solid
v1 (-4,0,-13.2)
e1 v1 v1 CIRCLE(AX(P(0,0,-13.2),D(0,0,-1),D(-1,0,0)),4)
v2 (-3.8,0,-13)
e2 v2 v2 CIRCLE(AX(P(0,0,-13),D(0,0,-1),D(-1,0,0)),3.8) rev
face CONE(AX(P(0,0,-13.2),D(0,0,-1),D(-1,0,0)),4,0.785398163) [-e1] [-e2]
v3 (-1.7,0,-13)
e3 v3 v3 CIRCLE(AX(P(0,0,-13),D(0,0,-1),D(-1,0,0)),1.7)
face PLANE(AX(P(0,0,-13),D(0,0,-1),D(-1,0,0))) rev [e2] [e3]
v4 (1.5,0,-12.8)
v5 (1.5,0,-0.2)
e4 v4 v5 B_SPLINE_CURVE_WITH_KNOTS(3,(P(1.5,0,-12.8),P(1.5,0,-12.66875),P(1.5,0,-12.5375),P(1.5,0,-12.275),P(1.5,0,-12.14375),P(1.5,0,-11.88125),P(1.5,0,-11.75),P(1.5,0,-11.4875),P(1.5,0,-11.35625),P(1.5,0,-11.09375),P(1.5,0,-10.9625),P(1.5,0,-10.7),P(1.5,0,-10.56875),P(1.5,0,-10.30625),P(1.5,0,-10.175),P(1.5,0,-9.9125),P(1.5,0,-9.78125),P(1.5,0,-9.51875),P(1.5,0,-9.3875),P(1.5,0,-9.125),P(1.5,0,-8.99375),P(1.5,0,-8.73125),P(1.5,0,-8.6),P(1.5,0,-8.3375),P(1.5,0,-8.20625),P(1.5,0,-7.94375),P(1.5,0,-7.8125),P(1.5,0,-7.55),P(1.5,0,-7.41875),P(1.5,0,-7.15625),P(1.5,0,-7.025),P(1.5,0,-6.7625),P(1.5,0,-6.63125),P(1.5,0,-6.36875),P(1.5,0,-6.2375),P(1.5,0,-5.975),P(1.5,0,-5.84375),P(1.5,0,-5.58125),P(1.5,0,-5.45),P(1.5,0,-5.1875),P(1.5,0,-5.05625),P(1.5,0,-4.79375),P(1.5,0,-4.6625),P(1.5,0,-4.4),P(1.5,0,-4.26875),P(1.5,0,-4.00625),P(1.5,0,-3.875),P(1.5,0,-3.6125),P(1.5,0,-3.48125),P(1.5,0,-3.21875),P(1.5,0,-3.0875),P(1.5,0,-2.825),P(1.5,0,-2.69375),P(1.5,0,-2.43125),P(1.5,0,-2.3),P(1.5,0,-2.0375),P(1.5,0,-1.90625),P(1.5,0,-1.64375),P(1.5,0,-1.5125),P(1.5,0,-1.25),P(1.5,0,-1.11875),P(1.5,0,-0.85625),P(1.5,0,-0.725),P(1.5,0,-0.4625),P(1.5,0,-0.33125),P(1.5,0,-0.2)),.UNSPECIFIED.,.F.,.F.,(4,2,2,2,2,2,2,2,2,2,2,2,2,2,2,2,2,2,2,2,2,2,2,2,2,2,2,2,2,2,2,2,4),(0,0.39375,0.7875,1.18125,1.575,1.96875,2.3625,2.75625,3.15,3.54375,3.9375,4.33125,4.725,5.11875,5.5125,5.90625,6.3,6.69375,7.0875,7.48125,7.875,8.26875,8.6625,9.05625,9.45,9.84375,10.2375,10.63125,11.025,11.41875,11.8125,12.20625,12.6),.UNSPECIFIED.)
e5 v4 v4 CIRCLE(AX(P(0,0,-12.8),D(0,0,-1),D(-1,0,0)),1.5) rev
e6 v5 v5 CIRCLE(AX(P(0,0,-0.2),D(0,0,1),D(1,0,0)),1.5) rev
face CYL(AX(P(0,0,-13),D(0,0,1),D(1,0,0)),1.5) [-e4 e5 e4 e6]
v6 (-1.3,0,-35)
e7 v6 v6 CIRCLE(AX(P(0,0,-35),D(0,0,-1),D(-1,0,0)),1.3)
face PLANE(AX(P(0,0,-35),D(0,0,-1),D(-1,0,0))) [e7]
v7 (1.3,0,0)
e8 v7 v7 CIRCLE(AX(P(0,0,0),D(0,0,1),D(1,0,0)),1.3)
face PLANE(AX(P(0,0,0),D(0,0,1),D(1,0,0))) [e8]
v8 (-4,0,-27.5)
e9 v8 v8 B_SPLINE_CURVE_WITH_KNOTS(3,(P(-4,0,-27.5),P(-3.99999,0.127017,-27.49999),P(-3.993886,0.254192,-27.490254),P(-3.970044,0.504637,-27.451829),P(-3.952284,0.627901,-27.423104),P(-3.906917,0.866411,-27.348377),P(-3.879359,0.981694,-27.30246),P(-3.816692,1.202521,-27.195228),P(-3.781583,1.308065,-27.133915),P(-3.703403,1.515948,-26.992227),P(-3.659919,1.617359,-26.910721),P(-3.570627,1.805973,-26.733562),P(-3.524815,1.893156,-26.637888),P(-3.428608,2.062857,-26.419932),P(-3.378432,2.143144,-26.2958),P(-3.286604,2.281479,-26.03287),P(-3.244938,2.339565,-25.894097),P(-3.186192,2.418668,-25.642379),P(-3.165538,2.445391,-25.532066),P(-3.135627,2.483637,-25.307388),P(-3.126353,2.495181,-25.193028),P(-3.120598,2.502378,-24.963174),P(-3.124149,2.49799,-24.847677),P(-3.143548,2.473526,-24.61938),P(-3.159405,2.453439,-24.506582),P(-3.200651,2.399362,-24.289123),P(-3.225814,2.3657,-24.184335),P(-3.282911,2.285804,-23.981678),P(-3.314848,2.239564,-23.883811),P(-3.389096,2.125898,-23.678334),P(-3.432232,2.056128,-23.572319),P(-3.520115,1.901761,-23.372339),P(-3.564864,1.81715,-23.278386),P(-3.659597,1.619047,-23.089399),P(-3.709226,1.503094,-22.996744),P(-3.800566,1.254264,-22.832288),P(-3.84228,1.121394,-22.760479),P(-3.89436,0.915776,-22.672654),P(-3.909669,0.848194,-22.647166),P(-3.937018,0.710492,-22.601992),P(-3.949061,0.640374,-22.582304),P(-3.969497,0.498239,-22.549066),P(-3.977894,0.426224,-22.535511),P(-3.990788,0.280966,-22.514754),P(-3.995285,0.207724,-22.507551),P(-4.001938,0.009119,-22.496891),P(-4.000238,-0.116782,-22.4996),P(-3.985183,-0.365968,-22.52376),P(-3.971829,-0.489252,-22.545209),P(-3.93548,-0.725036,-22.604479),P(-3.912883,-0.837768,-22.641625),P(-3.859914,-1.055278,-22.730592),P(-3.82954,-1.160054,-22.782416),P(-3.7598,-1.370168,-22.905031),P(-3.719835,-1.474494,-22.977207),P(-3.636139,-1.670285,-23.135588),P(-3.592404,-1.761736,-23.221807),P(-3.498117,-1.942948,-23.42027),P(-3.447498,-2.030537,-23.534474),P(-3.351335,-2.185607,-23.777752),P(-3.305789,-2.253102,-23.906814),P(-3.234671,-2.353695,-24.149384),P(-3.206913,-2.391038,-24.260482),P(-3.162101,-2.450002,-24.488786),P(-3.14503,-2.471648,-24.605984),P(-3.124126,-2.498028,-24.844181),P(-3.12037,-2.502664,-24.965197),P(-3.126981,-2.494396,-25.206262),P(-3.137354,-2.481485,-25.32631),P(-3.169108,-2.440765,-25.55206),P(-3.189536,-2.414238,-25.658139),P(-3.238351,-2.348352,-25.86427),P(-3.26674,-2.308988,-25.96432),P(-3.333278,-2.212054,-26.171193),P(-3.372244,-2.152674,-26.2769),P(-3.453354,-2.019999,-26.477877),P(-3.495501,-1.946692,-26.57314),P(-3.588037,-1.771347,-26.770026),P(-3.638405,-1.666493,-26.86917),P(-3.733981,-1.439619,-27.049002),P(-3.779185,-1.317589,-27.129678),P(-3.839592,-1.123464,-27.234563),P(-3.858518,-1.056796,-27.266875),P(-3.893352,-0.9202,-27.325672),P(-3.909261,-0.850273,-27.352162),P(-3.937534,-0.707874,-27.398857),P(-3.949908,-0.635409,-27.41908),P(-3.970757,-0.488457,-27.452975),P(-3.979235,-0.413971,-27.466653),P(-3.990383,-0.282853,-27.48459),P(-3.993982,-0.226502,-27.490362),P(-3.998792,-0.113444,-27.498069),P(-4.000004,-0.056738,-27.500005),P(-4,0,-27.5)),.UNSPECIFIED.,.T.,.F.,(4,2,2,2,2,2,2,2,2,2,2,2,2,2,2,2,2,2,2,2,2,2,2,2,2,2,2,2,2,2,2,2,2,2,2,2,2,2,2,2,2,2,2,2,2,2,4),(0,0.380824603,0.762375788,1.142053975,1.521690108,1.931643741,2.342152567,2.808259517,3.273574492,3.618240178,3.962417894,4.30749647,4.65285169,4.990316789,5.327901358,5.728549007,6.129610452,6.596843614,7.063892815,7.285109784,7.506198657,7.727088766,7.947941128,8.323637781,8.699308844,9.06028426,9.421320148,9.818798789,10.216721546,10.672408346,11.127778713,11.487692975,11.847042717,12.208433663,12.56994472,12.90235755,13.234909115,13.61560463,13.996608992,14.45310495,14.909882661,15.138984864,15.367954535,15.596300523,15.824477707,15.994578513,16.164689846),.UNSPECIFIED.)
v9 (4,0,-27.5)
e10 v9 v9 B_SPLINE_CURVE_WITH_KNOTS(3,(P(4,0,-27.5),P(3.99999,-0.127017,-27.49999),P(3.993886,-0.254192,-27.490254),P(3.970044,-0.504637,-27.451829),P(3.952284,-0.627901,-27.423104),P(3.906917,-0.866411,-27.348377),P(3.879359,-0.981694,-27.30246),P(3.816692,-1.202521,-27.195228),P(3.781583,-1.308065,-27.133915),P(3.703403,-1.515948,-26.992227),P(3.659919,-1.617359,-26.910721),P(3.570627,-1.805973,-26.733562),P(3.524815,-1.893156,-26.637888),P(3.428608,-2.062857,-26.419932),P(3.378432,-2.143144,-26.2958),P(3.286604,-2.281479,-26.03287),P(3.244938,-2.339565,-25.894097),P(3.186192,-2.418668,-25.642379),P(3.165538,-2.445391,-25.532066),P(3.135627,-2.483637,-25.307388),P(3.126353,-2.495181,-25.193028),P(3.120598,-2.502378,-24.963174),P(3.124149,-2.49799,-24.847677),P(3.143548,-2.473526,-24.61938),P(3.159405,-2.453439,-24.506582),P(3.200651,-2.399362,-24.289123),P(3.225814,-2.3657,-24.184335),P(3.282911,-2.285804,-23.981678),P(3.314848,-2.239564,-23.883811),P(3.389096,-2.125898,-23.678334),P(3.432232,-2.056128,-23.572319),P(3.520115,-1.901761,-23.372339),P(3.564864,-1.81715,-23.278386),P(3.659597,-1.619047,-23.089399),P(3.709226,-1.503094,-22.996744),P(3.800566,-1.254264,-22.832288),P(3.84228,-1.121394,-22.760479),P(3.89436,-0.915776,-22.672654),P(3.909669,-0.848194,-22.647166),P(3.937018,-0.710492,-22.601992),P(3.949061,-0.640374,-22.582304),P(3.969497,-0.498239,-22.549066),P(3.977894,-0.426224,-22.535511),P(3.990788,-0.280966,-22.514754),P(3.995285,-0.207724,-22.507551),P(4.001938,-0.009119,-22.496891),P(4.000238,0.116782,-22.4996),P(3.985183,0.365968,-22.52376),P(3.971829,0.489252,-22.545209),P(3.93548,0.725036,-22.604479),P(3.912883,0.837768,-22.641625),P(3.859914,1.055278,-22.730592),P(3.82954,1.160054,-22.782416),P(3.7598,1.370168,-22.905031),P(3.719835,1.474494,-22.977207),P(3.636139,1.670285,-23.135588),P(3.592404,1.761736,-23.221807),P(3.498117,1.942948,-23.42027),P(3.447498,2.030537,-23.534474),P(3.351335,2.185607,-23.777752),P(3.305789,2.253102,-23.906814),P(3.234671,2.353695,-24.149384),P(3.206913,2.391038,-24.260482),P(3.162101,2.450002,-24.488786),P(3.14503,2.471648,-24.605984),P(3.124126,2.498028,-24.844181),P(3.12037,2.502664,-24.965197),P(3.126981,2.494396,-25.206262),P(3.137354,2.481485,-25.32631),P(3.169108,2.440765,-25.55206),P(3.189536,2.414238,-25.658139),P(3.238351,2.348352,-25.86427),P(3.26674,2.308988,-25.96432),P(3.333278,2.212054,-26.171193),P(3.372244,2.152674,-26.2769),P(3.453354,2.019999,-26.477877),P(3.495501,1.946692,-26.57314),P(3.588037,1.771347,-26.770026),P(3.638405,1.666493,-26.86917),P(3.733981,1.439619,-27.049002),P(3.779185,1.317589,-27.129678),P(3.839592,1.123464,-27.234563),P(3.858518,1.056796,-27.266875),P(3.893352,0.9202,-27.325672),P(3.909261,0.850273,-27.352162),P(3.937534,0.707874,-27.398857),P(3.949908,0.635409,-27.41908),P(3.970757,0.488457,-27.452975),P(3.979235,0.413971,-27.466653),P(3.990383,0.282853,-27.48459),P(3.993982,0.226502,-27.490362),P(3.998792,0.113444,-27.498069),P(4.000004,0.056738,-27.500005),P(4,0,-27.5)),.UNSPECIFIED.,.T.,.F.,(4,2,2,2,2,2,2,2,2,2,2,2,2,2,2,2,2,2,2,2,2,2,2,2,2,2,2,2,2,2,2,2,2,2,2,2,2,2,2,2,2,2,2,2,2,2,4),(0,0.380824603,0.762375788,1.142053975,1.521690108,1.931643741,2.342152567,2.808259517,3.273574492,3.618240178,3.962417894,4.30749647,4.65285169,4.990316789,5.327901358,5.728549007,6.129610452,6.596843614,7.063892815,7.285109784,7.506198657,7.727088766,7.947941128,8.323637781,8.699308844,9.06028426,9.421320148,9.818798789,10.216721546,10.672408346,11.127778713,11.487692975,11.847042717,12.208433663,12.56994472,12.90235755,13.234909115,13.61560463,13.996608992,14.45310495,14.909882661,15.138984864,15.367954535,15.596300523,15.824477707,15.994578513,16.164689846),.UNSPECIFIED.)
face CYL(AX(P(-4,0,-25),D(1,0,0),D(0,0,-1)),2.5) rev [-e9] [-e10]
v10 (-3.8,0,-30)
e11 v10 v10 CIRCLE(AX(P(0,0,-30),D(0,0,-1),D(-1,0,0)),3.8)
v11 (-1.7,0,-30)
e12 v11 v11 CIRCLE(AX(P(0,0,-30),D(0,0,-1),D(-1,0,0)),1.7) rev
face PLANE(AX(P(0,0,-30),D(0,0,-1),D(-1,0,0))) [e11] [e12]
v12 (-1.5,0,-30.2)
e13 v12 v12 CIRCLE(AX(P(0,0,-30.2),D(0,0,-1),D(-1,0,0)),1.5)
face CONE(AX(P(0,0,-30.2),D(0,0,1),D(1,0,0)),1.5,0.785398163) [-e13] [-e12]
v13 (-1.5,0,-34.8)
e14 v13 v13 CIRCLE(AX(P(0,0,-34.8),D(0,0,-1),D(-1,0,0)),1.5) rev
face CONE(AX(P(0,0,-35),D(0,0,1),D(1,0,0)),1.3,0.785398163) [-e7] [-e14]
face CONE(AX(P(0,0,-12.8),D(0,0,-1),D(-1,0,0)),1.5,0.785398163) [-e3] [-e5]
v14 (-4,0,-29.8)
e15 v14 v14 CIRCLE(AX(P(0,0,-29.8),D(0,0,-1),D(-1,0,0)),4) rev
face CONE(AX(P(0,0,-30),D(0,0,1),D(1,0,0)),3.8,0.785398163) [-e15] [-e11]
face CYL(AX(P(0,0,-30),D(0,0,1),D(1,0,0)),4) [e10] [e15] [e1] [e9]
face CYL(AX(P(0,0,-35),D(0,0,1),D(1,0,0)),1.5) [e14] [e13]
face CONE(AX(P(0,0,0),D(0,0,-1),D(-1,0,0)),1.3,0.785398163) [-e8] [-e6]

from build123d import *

# Parameters (mm, degrees)
SKETCH1_R               = 1.5
BOSS_EXTRUDE1_DEPTH     = 13
SKETCH2_R               = 4
BOSS_EXTRUDE2_DEPTH     = 17
SKETCH3_R               = 1.5
BOSS_EXTRUDE3_DEPTH     = 5
CUT_EXTRUDE1_DEPTH      = 36.454195802
CUT_EXTRUDE1_DEPTH_BACK = 36.454195802
SKETCH4_R               = 2.5
CHAMFER1_SIZE           = 0.2


with BuildPart() as part:
    # Sketch1 → Boss-Extrude1 (new body)
    with BuildSketch(Plane.XY):
        Circle(SKETCH1_R)
    extrude(amount=-BOSS_EXTRUDE1_DEPTH)

    # Sketch2 → Boss-Extrude2 (add)
    with BuildSketch(Plane(origin=(0, 0, -13), x_dir=(-1, 0, 0), z_dir=(0, 0, -1))):
        Circle(SKETCH2_R)
    extrude(amount=BOSS_EXTRUDE2_DEPTH)

    # Sketch3 → Boss-Extrude3 (add)
    with BuildSketch(Plane(origin=(0, 0, -30), x_dir=(-1, 0, 0), z_dir=(0, 0, -1))):
        with Locations(Location((0, 0, 0), (0, 0, 180))):
            Circle(SKETCH3_R)
    extrude(amount=BOSS_EXTRUDE3_DEPTH)

    # Sketch4 → Cut-Extrude1 (cut, two sides: drawn at the far end of the back side and taken through both)
    with BuildSketch(Plane(origin=(0, 0, 0), x_dir=(0, 0, -1), z_dir=(1, 0, 0)).offset(-CUT_EXTRUDE1_DEPTH_BACK)):
        with Locations((25, 0)):
            Circle(SKETCH4_R)
    extrude(amount=CUT_EXTRUDE1_DEPTH + CUT_EXTRUDE1_DEPTH_BACK, mode=Mode.SUBTRACT)

    # Chamfer1
    chamfer1_edges = [part.edges().sort_by_distance(p)[0] for p in [
        (-1.5, 0, -30),
        (-1.5, 0, -35),
        (-1.5, 0, 0),
        (-1.5, 0, -13),
        (4, 0, -13),
        (4, 0, -30),
    ]]
    chamfer(chamfer1_edges, length=CHAMFER1_SIZE)


solid = part.part
